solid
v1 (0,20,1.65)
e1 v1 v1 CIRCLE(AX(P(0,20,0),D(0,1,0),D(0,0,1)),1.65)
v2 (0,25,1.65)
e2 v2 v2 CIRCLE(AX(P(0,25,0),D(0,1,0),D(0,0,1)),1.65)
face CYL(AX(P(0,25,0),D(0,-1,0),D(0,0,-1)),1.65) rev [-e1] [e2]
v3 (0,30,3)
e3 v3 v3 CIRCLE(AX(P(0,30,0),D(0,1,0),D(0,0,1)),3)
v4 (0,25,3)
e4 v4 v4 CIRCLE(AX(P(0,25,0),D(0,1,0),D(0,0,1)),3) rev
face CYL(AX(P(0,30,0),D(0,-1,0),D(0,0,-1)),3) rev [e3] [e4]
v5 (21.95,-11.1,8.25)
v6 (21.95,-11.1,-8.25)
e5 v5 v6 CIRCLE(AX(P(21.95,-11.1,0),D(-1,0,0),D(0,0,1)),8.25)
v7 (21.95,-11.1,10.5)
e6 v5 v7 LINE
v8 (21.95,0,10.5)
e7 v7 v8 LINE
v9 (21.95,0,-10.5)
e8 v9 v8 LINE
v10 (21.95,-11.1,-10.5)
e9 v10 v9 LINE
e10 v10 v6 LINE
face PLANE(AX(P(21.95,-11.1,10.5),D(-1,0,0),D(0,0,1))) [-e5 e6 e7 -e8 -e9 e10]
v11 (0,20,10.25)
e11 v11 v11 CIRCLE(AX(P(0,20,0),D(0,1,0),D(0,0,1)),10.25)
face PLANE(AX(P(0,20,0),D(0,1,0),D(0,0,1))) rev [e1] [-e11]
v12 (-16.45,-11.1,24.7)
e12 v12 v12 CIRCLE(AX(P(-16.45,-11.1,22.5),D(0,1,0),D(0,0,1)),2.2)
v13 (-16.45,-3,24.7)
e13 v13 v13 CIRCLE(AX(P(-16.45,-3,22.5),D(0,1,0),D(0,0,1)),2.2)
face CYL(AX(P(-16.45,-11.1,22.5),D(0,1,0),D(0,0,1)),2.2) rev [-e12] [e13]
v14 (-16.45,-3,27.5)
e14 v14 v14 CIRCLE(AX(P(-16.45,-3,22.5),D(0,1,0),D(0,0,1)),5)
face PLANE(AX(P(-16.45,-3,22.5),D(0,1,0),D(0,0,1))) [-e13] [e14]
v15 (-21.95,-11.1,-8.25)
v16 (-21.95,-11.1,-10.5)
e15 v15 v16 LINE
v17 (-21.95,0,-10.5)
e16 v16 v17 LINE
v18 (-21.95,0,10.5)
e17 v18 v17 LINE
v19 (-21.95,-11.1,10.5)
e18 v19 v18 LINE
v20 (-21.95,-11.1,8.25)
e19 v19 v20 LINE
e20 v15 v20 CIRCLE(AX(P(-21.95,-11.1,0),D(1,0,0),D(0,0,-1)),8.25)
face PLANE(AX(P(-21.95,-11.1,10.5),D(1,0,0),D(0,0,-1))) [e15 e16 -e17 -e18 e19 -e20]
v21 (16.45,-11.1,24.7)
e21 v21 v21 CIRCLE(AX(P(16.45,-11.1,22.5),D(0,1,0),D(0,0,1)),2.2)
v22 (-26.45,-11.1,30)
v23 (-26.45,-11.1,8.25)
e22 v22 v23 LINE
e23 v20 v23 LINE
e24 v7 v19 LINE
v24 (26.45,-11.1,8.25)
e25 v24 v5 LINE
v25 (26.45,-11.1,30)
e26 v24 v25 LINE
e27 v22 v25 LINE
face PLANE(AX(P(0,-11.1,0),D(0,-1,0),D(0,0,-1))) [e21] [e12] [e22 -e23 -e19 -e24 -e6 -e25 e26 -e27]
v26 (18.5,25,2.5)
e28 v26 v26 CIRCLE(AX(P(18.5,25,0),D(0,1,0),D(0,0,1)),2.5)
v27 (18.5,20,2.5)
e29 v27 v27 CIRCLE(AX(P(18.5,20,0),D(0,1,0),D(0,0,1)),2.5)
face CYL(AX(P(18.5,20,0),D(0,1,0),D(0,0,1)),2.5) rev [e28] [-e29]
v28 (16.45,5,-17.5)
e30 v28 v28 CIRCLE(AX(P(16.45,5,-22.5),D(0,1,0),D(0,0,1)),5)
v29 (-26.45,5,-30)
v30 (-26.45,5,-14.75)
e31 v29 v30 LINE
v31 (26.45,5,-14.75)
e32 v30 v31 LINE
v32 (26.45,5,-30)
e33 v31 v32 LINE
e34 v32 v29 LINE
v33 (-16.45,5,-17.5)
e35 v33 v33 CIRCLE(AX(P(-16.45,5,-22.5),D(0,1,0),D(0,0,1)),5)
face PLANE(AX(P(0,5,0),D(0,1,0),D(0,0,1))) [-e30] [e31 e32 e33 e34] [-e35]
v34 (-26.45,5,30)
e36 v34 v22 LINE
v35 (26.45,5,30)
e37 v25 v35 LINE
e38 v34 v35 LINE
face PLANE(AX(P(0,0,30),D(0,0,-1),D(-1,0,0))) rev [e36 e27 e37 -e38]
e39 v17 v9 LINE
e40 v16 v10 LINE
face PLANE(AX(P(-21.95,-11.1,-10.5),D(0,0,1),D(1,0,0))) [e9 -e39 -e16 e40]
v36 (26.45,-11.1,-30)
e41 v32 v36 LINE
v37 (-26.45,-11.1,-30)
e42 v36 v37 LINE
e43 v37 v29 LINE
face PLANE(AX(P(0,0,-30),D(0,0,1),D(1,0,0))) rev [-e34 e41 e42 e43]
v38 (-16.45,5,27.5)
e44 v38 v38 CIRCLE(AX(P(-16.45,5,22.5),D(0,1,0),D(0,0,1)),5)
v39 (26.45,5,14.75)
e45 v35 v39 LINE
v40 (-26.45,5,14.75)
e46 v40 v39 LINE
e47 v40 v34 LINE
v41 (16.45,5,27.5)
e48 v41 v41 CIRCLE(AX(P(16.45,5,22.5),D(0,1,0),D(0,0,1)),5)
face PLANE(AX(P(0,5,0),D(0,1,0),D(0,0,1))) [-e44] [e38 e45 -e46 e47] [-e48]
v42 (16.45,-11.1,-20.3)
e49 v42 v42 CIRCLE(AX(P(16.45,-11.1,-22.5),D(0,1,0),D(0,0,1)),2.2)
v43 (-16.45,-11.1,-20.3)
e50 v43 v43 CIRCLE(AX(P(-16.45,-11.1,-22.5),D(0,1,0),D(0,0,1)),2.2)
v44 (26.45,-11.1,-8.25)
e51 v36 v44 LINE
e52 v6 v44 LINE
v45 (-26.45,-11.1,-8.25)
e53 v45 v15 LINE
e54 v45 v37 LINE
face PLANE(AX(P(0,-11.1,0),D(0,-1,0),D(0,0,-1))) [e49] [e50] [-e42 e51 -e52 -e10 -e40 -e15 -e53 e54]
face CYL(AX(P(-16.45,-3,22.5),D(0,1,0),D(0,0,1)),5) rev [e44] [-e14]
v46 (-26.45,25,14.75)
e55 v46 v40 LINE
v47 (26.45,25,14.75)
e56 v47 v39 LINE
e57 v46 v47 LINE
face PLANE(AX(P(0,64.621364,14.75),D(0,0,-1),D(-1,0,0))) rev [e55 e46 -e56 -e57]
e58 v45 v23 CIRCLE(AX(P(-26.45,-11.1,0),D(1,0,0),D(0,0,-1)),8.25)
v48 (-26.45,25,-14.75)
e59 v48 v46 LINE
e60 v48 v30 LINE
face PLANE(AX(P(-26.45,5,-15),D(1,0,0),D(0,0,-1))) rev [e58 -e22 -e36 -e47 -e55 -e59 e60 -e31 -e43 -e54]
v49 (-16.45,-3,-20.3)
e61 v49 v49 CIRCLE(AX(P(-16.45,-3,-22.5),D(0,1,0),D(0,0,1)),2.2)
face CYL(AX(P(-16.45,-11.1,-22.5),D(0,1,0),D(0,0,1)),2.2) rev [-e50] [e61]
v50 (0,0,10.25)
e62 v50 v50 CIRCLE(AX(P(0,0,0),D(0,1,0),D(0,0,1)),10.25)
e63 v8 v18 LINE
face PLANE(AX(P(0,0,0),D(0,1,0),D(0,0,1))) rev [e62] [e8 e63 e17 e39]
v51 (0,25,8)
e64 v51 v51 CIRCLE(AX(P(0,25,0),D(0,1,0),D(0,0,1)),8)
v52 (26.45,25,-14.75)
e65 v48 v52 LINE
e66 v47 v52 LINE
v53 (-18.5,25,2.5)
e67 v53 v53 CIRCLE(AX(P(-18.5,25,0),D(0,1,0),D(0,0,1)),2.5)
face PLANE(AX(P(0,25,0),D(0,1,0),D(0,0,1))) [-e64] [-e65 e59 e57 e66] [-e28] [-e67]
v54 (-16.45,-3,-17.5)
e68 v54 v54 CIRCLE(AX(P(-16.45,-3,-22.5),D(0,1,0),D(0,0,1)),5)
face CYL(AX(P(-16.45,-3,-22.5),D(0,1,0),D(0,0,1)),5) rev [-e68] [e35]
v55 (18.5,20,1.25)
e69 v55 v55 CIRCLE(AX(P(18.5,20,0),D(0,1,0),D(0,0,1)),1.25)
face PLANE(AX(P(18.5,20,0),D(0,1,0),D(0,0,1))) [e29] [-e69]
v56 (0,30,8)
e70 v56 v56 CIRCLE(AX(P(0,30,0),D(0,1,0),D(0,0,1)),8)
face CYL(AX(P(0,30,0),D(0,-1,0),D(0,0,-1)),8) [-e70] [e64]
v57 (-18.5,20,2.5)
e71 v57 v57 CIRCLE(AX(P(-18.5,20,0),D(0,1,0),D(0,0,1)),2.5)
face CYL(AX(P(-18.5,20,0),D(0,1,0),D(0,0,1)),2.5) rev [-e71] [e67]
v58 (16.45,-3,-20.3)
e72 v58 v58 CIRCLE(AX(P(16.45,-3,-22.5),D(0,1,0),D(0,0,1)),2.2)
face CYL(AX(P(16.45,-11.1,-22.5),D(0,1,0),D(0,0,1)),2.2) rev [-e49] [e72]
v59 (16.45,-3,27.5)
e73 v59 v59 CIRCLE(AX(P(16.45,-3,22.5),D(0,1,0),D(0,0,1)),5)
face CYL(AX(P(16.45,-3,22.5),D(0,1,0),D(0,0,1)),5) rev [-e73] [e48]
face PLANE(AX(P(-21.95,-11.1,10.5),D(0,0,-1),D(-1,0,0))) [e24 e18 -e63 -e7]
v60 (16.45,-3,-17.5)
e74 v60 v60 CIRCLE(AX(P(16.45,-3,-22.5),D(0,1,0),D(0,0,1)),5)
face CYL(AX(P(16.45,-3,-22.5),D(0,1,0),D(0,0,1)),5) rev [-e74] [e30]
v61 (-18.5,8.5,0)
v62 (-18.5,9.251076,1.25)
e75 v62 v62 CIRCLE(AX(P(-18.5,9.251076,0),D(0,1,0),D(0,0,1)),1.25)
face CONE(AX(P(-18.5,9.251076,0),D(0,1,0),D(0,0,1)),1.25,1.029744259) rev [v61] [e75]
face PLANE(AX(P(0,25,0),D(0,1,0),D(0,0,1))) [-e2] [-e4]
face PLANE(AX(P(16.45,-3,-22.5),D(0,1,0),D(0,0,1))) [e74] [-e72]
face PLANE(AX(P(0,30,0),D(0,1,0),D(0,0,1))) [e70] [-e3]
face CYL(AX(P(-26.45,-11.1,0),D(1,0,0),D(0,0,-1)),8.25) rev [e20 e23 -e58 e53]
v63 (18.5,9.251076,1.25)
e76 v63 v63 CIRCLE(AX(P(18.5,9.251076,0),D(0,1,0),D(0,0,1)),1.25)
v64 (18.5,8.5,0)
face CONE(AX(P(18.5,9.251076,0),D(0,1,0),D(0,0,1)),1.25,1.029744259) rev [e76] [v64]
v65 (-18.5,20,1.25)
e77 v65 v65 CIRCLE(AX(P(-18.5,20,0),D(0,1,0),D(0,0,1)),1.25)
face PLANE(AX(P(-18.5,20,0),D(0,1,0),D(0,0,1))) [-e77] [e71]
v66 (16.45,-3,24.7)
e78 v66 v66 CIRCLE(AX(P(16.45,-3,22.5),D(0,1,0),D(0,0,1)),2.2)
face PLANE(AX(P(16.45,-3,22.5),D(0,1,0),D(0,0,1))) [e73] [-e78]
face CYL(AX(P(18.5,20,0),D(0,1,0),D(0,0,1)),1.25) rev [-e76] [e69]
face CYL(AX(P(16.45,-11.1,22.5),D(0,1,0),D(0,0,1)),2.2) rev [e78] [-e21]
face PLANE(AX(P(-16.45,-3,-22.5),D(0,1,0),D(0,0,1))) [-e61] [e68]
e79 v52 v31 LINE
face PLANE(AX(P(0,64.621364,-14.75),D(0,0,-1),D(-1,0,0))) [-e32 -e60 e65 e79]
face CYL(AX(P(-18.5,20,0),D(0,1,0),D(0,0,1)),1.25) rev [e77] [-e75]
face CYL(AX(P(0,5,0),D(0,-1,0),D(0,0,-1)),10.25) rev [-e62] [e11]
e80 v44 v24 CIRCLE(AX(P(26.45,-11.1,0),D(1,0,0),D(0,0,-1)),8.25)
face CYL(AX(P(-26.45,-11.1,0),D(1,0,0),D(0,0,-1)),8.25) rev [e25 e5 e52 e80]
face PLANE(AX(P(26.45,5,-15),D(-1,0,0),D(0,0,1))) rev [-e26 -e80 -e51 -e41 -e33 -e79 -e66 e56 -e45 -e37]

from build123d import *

# Parameters (mm, degrees)
SKETCH1_W             = 52.9
SKETCH1_H             = 30
SKETCH1_R             = 10.25
BOSS_EXTRUDE1_DEPTH   = 5
SKETCH2_W             = 52.9
SKETCH2_H             = 30
SKETCH2_W_2           = 43.9
SKETCH2_H_2           = 21
BOSS_EXTRUDE2_DEPTH   = 11.1
SKETCH3_R             = 8.25
CUT_EXTRUDE1_DEPTH    = 53.9
SKETCH4_W             = 52.9
SKETCH4_H             = 5
BOSS_EXTRUDE3_DEPTH   = 15
SKETCH5_W             = 52.9
SKETCH5_H             = 5
BOSS_EXTRUDE4_DEPTH   = 15
SKETCH7_R             = 14.75
SKETCH7_R_2           = 10.25
BOSS_EXTRUDE5_DEPTH   = 15
SKETCH8_R             = 14.75
SKETCH8_R_2           = 1.65
BOSS_EXTRUDE6_DEPTH   = 5
SKETCH9_R             = 8
SKETCH9_R_2           = 3
BOSS_EXTRUDE7_DEPTH   = 5
SKETCH10_W            = 52.9
SKETCH10_H            = 15
BOSS_EXTRUDE8_DEPTH   = 11.1
SKETCH12_R            = 5
CUT_EXTRUDE2_DEPTH    = 8
SKETCH13_R            = 2.2
CUT_EXTRUDE3_DEPTH    = 9.1
BOSS_EXTRUDE11_DEPTH  = 20
SKETCH16_R            = 2.5
CUT_EXTRUDE4_DEPTH    = 5
M3_TAPPED_HOLE1_D     = 2.5
M3_TAPPED_HOLE1_DEPTH = 10.748924226
M3_TAPPED_HOLE1_TIP   = 0.751075774


with BuildPart() as part:
    # Sketch1 → Boss-Extrude1 (new body)
    with BuildSketch(Plane(origin=(0, 0, 0), x_dir=(1, 0, 0), z_dir=(0, 1, 0))):
        Rectangle(SKETCH1_W, SKETCH1_H)
        Circle(SKETCH1_R, mode=Mode.SUBTRACT)
    extrude(amount=BOSS_EXTRUDE1_DEPTH)

    # Sketch2 → Boss-Extrude2 (add)
    with BuildSketch(Plane.XZ):
        Rectangle(SKETCH2_W, SKETCH2_H)
        Rectangle(SKETCH2_W_2, SKETCH2_H_2, mode=Mode.SUBTRACT)
    extrude(amount=BOSS_EXTRUDE2_DEPTH)

    # Sketch3 → Cut-Extrude1 (cut, through all)
    with BuildSketch(Plane(origin=(26.45, 0, 0), x_dir=(0, 0, -1), z_dir=(1, 0, 0))):
        with Locations((0, -11.1)):
            Circle(SKETCH3_R)
    extrude(amount=-CUT_EXTRUDE1_DEPTH, mode=Mode.SUBTRACT)

    # Sketch4 → Boss-Extrude3 (add)
    with BuildSketch(Plane(origin=(0, 0, -15), x_dir=(-1, 0, 0), z_dir=(0, 0, -1))):
        with Locations((0, -8.6)):
            Rectangle(SKETCH4_W, SKETCH4_H)
    extrude(amount=BOSS_EXTRUDE3_DEPTH)

    # Sketch5 → Boss-Extrude4 (add)
    with BuildSketch(Plane.XY.offset(15)):
        with Locations((0, -8.6)):
            Rectangle(SKETCH5_W, SKETCH5_H)
    extrude(amount=BOSS_EXTRUDE4_DEPTH)

    # Sketch7 → Boss-Extrude5 (add)
    with BuildSketch(Plane(origin=(0, 5, 0), x_dir=(1, 0, 0), z_dir=(0, 1, 0))):
        Circle(SKETCH7_R)
        Circle(SKETCH7_R_2, mode=Mode.SUBTRACT)
    extrude(amount=BOSS_EXTRUDE5_DEPTH)

    # Sketch8 → Boss-Extrude6 (add)
    with BuildSketch(Plane(origin=(0, 20, 0), x_dir=(1, 0, 0), z_dir=(0, 1, 0))):
        Circle(SKETCH8_R)
        Circle(SKETCH8_R_2, mode=Mode.SUBTRACT)
    extrude(amount=BOSS_EXTRUDE6_DEPTH)

    # Sketch9 → Boss-Extrude7 (add)
    with BuildSketch(Plane(origin=(0, 25, 0), x_dir=(1, 0, 0), z_dir=(0, 1, 0))):
        Circle(SKETCH9_R)
        Circle(SKETCH9_R_2, mode=Mode.SUBTRACT)
    extrude(amount=BOSS_EXTRUDE7_DEPTH)

    # Sketch10 → Boss-Extrude8 (add)
    with BuildSketch(Plane(origin=(0, -6.1, 0), x_dir=(1, 0, 0), z_dir=(0, 1, 0))):
        with Locations((0, 22.5)):
            Rectangle(SKETCH10_W, SKETCH10_H)
        with Locations((0, -22.5)):
            Rectangle(SKETCH10_W, SKETCH10_H)
    extrude(amount=BOSS_EXTRUDE8_DEPTH)

    # Sketch12 → Cut-Extrude2 (cut)
    with BuildSketch(Plane(origin=(0, 5, 0), x_dir=(1, 0, 0), z_dir=(0, 1, 0))):
        with Locations((-16.45, -22.5)):
            Circle(SKETCH12_R)
        with Locations((16.45, -22.5)):
            Circle(SKETCH12_R)
        with Locations((16.45, 22.5)):
            Circle(SKETCH12_R)
        with Locations((-16.45, 22.5)):
            Circle(SKETCH12_R)
    extrude(amount=-CUT_EXTRUDE2_DEPTH, mode=Mode.SUBTRACT)

    # Sketch13 → Cut-Extrude3 (cut, through all)
    with BuildSketch(Plane(origin=(0, -3, 0), x_dir=(1, 0, 0), z_dir=(0, 1, 0))):
        with Locations((-16.45, -22.5)):
            Circle(SKETCH13_R)
        with Locations((-16.45, 22.5)):
            Circle(SKETCH13_R)
        with Locations((16.45, 22.5)):
            Circle(SKETCH13_R)
        with Locations((16.45, -22.5)):
            Circle(SKETCH13_R)
    extrude(amount=-CUT_EXTRUDE3_DEPTH, mode=Mode.SUBTRACT)

    # Sketch14 → Boss-Extrude11 (add)
    with BuildSketch(Plane(origin=(0, 5, 0), x_dir=(1, 0, 0), z_dir=(0, 1, 0))):
        with BuildLine():
            Line((-26.45, 14.75), (-26.45, -14.75))
            Line((-26.45, -14.75), (4e-09, -14.75))
            ThreePointArc((4e-09, -14.75), (-14.75, -5e-09), (-6e-09, 14.75))
            Line((-6e-09, 14.75), (-26.45, 14.75))
        make_face()
        with BuildLine():
            ThreePointArc((14.75, 0), (10.429825024, -10.429825021), (4e-09, -14.75))
            Line((4e-09, -14.75), (26.45, -14.75))
            Line((26.45, -14.75), (26.45, 14.75))
            Line((26.45, 14.75), (-6e-09, 14.75))
            ThreePointArc((-6e-09, 14.75), (10.42982502, 10.429825025), (14.75, 0))
        make_face()
    extrude(amount=BOSS_EXTRUDE11_DEPTH)

    # Sketch16 → Cut-Extrude4 (cut)
    with BuildSketch(Plane(origin=(0, 25, 0), x_dir=(1, 0, 0), z_dir=(0, 1, 0))):
        with Locations((18.5, 0)):
            Circle(SKETCH16_R)
        with Locations((-18.5, 0)):
            Circle(SKETCH16_R)
    extrude(amount=-CUT_EXTRUDE4_DEPTH, mode=Mode.SUBTRACT)

    # M3 Tapped Hole1
    with Locations(Plane(origin=(0, 20, 0), x_dir=(1, 0, 0), z_dir=(0, 1, 0))):
        with Locations((-18.5, 0), (18.5, 0)):
            Hole(M3_TAPPED_HOLE1_D / 2, depth=M3_TAPPED_HOLE1_DEPTH)
            with Locations((0, 0, -(M3_TAPPED_HOLE1_DEPTH + M3_TAPPED_HOLE1_TIP / 2))):  # 118° drill point
                Cone(0, M3_TAPPED_HOLE1_D / 2, M3_TAPPED_HOLE1_TIP, mode=Mode.SUBTRACT)


solid = part.part
